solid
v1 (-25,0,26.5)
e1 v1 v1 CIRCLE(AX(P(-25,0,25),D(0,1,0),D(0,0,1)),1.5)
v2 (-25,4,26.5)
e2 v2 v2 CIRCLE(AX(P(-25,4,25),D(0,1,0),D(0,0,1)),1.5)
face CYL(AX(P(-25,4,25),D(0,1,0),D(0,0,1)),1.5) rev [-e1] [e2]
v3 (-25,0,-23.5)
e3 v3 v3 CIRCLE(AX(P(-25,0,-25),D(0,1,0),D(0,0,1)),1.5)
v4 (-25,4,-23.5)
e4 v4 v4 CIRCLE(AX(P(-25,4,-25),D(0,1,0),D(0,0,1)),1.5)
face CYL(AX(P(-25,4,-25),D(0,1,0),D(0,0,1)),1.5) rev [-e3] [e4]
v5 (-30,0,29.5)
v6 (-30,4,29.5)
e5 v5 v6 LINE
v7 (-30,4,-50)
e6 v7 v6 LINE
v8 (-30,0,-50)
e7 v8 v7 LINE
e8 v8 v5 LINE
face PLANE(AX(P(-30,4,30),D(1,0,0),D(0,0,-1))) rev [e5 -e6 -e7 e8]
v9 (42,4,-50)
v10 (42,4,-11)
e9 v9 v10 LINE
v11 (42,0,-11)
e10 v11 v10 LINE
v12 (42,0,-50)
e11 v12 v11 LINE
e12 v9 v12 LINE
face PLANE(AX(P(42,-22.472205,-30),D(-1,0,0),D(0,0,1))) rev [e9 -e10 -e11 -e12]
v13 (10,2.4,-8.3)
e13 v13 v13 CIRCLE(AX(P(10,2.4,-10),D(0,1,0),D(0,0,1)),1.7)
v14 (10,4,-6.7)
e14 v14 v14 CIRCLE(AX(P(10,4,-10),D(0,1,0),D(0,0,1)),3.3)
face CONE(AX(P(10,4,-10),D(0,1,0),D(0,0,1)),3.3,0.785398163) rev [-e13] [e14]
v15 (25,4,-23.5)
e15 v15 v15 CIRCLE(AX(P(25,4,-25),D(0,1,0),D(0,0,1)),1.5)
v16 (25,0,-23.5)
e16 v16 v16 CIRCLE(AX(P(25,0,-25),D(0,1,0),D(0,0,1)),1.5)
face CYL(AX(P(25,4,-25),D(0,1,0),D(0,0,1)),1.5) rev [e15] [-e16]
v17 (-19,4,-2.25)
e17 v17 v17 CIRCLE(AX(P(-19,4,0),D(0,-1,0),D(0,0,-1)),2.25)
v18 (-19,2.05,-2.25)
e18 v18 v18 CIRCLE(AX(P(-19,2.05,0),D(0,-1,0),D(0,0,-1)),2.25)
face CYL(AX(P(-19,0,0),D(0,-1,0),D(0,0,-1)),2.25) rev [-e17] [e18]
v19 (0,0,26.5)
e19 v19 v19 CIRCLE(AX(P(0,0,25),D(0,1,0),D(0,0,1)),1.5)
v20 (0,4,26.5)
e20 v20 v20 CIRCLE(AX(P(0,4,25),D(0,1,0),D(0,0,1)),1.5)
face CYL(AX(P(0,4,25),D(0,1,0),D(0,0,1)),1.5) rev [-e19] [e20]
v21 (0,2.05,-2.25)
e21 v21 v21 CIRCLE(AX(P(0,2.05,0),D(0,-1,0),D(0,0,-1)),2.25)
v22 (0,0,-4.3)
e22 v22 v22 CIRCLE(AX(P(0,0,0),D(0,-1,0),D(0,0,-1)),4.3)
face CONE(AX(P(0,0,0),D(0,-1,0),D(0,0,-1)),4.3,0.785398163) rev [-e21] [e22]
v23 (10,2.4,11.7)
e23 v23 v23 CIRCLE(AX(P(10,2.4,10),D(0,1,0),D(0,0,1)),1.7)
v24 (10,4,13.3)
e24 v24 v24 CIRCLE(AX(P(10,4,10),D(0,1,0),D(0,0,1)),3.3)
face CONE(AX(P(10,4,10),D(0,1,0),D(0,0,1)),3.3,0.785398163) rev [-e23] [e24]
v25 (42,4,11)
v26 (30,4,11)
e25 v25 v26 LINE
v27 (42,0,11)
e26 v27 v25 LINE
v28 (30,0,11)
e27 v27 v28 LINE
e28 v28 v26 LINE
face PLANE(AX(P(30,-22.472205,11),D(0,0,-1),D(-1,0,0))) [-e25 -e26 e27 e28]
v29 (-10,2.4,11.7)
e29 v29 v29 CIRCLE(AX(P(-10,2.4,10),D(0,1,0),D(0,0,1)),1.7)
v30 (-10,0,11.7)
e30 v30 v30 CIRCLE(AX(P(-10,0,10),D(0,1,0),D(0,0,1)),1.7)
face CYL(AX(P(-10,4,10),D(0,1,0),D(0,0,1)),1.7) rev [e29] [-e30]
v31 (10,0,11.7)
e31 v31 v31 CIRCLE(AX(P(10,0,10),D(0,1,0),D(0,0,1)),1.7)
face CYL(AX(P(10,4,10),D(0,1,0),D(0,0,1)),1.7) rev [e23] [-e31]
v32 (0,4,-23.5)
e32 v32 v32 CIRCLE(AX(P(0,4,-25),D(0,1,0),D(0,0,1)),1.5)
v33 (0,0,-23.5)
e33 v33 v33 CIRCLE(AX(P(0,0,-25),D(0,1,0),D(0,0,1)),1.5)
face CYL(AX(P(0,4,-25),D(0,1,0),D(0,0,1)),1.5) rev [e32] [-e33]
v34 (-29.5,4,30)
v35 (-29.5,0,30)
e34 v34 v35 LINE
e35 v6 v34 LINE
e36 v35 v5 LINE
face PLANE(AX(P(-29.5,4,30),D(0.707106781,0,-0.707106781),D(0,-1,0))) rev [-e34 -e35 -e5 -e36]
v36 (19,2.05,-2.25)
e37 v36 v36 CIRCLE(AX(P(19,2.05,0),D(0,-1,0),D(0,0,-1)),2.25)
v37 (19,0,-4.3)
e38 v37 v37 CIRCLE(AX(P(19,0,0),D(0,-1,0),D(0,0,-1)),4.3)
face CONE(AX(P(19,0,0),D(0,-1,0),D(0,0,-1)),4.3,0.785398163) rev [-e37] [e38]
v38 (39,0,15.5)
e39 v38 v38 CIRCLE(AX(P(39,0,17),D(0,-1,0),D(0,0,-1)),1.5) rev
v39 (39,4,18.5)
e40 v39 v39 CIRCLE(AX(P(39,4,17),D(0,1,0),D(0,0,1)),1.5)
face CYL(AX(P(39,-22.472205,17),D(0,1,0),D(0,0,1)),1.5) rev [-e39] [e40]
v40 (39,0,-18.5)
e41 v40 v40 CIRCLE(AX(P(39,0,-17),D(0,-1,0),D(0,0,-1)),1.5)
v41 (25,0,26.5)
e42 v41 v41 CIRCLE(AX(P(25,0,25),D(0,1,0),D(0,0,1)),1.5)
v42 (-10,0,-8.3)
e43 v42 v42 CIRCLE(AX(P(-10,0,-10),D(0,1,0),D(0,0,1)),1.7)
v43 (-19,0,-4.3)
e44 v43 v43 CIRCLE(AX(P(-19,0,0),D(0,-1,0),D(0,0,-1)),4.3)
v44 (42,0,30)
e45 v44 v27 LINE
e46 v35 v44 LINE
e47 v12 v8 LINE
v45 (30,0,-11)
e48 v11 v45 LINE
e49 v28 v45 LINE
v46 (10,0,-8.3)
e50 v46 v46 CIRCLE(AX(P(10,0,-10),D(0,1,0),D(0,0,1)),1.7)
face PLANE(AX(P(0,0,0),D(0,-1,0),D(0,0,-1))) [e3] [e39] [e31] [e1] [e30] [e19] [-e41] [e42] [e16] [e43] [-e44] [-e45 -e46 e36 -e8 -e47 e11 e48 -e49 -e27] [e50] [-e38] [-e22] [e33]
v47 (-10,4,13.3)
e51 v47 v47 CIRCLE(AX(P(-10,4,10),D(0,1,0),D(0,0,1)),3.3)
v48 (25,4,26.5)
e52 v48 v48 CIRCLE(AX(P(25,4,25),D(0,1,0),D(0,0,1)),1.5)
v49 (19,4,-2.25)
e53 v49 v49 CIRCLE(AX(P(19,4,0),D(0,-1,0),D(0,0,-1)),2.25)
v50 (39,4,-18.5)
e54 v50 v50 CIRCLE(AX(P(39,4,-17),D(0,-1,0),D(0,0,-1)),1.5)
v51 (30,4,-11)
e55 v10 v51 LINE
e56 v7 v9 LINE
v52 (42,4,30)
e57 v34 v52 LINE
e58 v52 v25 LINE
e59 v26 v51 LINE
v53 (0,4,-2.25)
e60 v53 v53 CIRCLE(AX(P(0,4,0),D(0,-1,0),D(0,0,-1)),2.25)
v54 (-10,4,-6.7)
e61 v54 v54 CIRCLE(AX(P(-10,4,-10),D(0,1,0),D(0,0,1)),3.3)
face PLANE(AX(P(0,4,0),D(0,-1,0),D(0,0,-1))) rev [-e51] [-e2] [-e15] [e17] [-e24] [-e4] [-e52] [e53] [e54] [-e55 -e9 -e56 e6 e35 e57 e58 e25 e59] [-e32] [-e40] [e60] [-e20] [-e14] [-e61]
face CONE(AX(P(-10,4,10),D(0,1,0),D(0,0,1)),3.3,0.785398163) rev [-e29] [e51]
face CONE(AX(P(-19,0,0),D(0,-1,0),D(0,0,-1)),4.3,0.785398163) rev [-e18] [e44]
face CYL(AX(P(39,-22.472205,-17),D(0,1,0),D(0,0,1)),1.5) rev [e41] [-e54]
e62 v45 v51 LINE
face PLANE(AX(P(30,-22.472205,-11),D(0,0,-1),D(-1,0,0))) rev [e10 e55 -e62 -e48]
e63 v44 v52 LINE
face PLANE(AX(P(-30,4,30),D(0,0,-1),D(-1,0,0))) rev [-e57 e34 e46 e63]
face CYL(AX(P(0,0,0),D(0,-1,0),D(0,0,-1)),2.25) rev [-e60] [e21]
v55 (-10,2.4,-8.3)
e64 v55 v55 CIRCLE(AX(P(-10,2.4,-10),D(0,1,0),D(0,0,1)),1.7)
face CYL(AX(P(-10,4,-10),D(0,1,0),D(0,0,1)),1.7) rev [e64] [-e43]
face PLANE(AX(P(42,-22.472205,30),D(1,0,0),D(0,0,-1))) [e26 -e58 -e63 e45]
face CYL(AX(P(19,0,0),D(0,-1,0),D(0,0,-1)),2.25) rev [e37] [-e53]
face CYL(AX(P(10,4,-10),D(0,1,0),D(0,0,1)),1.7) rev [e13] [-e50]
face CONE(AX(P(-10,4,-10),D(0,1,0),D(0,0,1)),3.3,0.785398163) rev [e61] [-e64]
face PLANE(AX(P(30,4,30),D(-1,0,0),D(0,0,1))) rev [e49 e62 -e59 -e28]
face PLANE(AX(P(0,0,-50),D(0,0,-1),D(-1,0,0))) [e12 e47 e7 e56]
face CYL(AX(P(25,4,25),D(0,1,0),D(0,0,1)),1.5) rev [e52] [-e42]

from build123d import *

# Parameters (mm, degrees)
SKETCH_1_W                   = 60
SKETCH_1_H                   = 60
EXTRUDE_1_DEPTH              = 4
HOLE_WIZARD_M3_1_D           = 3.4
HOLE_WIZARD_M3_1_CSINK_D     = 6.6
HOLE_WIZARD_M3_1_CSINK_ANGLE = 90
HOLE_WIZARD_M4_1_AT_2_COUNT  = 2
HOLE_WIZARD_M4_1_AT_2_PITCH  = 19
HOLE_WIZARD_M4_1_AT_3_COUNT  = 2
HOLE_WIZARD_M4_1_AT_3_PITCH  = 38
HOLE_WIZARD_1_D              = 3
SKETCH_9_W                   = 12
SKETCH_9_H                   = 19
SKETCH_9_R                   = 1.5
EXTRUDE_3_DEPTH              = 4
CHAMFER_1_SIZE               = 0.5
SKETCH_10_W                  = 72
SKETCH_10_H                  = 4
EXTRUDE_4_DEPTH              = 20


with BuildPart() as part:
    # 草图1 → 凸台-拉伸1 (new body)
    with BuildSketch(Plane(origin=(0, 0, 0), x_dir=(1, 0, 0), z_dir=(0, 1, 0))):
        Rectangle(SKETCH_1_W, SKETCH_1_H)
    extrude(amount=EXTRUDE_1_DEPTH)

    # M3 十字槽沉头木螺钉的锥形沉头孔1 (through all)
    with Locations(Plane(origin=(0, 4, 0), x_dir=(1, 0, 0), z_dir=(0, 1, 0))):
        with Locations((-10, 10), (10, 10), (10, -10), (-10, -10)):
            CounterSinkHole(HOLE_WIZARD_M3_1_D / 2, HOLE_WIZARD_M3_1_CSINK_D / 2, counter_sink_angle=HOLE_WIZARD_M3_1_CSINK_ANGLE)

    # 草图5 → M4 十字槽沉头木螺钉的锥形沉头孔1 (revolve, cut)
    with BuildSketch(Plane(origin=(-19, 0, 0), x_dir=(0, 0, -1), z_dir=(1, 0, 0))):
        Polygon((0, 0), (0, 4), (2.25, 4), (2.25, 2.05), (4.3, 0), align=None)
    hole_wizard_m4_1 = revolve(axis=Axis((-19, -6.35, 0), (0, 1, 0)), mode=Mode.SUBTRACT)

    # M4 十字槽沉头木螺钉的锥形沉头孔1 at 2: M4 十字槽沉头木螺钉的锥形沉头孔1 ×2
    with Locations(*[(i * HOLE_WIZARD_M4_1_AT_2_PITCH, 0, 0) for i in range(1, HOLE_WIZARD_M4_1_AT_2_COUNT)]):
        add(hole_wizard_m4_1, mode=Mode.SUBTRACT)

    # M4 十字槽沉头木螺钉的锥形沉头孔1 at 3: M4 十字槽沉头木螺钉的锥形沉头孔1 ×2
    with Locations(*[(i * HOLE_WIZARD_M4_1_AT_3_PITCH, 0, 0) for i in range(1, HOLE_WIZARD_M4_1_AT_3_COUNT)]):
        add(hole_wizard_m4_1, mode=Mode.SUBTRACT)

    # 孔1 (through all)
    with Locations(Plane(origin=(0, 4, 0), x_dir=(1, 0, 0), z_dir=(0, 1, 0))):
        with Locations((25, 25), (25, -25), (0, -25), (-25, -25), (-25, 25), (0, 25)):
            Hole(HOLE_WIZARD_1_D / 2)

    # 草图9 → 凸台-拉伸3 (add)
    with BuildSketch(Plane(origin=(0, 4, 0), x_dir=(1, 0, 0), z_dir=(0, 1, 0))):
        with Locations((36, -20.5)):
            Rectangle(SKETCH_9_W, SKETCH_9_H)
        with Locations(Location((39, -17, 0), (0, 0, 270))):
            Circle(SKETCH_9_R, mode=Mode.SUBTRACT)
    extrude_3 = extrude(amount=-EXTRUDE_3_DEPTH)

    # 倒角1
    chamfer_1_edges = [part.edges().sort_by_distance(p)[0] for p in [
        (-30, 2, 30),
    ]]
    chamfer(chamfer_1_edges, length=CHAMFER_1_SIZE)

    # 镜向1: 凸台-拉伸3 across plane
    add(extrude_3.mirror(Plane.XY))

    # 草图10 → 凸台-拉伸4 (add)
    with BuildSketch(Plane(origin=(0, 0, -30), x_dir=(-1, 0, 0), z_dir=(0, 0, -1))):
        with Locations((-6, 2)):
            Rectangle(SKETCH_10_W, SKETCH_10_H)
    extrude(amount=EXTRUDE_4_DEPTH)


solid = part.part
